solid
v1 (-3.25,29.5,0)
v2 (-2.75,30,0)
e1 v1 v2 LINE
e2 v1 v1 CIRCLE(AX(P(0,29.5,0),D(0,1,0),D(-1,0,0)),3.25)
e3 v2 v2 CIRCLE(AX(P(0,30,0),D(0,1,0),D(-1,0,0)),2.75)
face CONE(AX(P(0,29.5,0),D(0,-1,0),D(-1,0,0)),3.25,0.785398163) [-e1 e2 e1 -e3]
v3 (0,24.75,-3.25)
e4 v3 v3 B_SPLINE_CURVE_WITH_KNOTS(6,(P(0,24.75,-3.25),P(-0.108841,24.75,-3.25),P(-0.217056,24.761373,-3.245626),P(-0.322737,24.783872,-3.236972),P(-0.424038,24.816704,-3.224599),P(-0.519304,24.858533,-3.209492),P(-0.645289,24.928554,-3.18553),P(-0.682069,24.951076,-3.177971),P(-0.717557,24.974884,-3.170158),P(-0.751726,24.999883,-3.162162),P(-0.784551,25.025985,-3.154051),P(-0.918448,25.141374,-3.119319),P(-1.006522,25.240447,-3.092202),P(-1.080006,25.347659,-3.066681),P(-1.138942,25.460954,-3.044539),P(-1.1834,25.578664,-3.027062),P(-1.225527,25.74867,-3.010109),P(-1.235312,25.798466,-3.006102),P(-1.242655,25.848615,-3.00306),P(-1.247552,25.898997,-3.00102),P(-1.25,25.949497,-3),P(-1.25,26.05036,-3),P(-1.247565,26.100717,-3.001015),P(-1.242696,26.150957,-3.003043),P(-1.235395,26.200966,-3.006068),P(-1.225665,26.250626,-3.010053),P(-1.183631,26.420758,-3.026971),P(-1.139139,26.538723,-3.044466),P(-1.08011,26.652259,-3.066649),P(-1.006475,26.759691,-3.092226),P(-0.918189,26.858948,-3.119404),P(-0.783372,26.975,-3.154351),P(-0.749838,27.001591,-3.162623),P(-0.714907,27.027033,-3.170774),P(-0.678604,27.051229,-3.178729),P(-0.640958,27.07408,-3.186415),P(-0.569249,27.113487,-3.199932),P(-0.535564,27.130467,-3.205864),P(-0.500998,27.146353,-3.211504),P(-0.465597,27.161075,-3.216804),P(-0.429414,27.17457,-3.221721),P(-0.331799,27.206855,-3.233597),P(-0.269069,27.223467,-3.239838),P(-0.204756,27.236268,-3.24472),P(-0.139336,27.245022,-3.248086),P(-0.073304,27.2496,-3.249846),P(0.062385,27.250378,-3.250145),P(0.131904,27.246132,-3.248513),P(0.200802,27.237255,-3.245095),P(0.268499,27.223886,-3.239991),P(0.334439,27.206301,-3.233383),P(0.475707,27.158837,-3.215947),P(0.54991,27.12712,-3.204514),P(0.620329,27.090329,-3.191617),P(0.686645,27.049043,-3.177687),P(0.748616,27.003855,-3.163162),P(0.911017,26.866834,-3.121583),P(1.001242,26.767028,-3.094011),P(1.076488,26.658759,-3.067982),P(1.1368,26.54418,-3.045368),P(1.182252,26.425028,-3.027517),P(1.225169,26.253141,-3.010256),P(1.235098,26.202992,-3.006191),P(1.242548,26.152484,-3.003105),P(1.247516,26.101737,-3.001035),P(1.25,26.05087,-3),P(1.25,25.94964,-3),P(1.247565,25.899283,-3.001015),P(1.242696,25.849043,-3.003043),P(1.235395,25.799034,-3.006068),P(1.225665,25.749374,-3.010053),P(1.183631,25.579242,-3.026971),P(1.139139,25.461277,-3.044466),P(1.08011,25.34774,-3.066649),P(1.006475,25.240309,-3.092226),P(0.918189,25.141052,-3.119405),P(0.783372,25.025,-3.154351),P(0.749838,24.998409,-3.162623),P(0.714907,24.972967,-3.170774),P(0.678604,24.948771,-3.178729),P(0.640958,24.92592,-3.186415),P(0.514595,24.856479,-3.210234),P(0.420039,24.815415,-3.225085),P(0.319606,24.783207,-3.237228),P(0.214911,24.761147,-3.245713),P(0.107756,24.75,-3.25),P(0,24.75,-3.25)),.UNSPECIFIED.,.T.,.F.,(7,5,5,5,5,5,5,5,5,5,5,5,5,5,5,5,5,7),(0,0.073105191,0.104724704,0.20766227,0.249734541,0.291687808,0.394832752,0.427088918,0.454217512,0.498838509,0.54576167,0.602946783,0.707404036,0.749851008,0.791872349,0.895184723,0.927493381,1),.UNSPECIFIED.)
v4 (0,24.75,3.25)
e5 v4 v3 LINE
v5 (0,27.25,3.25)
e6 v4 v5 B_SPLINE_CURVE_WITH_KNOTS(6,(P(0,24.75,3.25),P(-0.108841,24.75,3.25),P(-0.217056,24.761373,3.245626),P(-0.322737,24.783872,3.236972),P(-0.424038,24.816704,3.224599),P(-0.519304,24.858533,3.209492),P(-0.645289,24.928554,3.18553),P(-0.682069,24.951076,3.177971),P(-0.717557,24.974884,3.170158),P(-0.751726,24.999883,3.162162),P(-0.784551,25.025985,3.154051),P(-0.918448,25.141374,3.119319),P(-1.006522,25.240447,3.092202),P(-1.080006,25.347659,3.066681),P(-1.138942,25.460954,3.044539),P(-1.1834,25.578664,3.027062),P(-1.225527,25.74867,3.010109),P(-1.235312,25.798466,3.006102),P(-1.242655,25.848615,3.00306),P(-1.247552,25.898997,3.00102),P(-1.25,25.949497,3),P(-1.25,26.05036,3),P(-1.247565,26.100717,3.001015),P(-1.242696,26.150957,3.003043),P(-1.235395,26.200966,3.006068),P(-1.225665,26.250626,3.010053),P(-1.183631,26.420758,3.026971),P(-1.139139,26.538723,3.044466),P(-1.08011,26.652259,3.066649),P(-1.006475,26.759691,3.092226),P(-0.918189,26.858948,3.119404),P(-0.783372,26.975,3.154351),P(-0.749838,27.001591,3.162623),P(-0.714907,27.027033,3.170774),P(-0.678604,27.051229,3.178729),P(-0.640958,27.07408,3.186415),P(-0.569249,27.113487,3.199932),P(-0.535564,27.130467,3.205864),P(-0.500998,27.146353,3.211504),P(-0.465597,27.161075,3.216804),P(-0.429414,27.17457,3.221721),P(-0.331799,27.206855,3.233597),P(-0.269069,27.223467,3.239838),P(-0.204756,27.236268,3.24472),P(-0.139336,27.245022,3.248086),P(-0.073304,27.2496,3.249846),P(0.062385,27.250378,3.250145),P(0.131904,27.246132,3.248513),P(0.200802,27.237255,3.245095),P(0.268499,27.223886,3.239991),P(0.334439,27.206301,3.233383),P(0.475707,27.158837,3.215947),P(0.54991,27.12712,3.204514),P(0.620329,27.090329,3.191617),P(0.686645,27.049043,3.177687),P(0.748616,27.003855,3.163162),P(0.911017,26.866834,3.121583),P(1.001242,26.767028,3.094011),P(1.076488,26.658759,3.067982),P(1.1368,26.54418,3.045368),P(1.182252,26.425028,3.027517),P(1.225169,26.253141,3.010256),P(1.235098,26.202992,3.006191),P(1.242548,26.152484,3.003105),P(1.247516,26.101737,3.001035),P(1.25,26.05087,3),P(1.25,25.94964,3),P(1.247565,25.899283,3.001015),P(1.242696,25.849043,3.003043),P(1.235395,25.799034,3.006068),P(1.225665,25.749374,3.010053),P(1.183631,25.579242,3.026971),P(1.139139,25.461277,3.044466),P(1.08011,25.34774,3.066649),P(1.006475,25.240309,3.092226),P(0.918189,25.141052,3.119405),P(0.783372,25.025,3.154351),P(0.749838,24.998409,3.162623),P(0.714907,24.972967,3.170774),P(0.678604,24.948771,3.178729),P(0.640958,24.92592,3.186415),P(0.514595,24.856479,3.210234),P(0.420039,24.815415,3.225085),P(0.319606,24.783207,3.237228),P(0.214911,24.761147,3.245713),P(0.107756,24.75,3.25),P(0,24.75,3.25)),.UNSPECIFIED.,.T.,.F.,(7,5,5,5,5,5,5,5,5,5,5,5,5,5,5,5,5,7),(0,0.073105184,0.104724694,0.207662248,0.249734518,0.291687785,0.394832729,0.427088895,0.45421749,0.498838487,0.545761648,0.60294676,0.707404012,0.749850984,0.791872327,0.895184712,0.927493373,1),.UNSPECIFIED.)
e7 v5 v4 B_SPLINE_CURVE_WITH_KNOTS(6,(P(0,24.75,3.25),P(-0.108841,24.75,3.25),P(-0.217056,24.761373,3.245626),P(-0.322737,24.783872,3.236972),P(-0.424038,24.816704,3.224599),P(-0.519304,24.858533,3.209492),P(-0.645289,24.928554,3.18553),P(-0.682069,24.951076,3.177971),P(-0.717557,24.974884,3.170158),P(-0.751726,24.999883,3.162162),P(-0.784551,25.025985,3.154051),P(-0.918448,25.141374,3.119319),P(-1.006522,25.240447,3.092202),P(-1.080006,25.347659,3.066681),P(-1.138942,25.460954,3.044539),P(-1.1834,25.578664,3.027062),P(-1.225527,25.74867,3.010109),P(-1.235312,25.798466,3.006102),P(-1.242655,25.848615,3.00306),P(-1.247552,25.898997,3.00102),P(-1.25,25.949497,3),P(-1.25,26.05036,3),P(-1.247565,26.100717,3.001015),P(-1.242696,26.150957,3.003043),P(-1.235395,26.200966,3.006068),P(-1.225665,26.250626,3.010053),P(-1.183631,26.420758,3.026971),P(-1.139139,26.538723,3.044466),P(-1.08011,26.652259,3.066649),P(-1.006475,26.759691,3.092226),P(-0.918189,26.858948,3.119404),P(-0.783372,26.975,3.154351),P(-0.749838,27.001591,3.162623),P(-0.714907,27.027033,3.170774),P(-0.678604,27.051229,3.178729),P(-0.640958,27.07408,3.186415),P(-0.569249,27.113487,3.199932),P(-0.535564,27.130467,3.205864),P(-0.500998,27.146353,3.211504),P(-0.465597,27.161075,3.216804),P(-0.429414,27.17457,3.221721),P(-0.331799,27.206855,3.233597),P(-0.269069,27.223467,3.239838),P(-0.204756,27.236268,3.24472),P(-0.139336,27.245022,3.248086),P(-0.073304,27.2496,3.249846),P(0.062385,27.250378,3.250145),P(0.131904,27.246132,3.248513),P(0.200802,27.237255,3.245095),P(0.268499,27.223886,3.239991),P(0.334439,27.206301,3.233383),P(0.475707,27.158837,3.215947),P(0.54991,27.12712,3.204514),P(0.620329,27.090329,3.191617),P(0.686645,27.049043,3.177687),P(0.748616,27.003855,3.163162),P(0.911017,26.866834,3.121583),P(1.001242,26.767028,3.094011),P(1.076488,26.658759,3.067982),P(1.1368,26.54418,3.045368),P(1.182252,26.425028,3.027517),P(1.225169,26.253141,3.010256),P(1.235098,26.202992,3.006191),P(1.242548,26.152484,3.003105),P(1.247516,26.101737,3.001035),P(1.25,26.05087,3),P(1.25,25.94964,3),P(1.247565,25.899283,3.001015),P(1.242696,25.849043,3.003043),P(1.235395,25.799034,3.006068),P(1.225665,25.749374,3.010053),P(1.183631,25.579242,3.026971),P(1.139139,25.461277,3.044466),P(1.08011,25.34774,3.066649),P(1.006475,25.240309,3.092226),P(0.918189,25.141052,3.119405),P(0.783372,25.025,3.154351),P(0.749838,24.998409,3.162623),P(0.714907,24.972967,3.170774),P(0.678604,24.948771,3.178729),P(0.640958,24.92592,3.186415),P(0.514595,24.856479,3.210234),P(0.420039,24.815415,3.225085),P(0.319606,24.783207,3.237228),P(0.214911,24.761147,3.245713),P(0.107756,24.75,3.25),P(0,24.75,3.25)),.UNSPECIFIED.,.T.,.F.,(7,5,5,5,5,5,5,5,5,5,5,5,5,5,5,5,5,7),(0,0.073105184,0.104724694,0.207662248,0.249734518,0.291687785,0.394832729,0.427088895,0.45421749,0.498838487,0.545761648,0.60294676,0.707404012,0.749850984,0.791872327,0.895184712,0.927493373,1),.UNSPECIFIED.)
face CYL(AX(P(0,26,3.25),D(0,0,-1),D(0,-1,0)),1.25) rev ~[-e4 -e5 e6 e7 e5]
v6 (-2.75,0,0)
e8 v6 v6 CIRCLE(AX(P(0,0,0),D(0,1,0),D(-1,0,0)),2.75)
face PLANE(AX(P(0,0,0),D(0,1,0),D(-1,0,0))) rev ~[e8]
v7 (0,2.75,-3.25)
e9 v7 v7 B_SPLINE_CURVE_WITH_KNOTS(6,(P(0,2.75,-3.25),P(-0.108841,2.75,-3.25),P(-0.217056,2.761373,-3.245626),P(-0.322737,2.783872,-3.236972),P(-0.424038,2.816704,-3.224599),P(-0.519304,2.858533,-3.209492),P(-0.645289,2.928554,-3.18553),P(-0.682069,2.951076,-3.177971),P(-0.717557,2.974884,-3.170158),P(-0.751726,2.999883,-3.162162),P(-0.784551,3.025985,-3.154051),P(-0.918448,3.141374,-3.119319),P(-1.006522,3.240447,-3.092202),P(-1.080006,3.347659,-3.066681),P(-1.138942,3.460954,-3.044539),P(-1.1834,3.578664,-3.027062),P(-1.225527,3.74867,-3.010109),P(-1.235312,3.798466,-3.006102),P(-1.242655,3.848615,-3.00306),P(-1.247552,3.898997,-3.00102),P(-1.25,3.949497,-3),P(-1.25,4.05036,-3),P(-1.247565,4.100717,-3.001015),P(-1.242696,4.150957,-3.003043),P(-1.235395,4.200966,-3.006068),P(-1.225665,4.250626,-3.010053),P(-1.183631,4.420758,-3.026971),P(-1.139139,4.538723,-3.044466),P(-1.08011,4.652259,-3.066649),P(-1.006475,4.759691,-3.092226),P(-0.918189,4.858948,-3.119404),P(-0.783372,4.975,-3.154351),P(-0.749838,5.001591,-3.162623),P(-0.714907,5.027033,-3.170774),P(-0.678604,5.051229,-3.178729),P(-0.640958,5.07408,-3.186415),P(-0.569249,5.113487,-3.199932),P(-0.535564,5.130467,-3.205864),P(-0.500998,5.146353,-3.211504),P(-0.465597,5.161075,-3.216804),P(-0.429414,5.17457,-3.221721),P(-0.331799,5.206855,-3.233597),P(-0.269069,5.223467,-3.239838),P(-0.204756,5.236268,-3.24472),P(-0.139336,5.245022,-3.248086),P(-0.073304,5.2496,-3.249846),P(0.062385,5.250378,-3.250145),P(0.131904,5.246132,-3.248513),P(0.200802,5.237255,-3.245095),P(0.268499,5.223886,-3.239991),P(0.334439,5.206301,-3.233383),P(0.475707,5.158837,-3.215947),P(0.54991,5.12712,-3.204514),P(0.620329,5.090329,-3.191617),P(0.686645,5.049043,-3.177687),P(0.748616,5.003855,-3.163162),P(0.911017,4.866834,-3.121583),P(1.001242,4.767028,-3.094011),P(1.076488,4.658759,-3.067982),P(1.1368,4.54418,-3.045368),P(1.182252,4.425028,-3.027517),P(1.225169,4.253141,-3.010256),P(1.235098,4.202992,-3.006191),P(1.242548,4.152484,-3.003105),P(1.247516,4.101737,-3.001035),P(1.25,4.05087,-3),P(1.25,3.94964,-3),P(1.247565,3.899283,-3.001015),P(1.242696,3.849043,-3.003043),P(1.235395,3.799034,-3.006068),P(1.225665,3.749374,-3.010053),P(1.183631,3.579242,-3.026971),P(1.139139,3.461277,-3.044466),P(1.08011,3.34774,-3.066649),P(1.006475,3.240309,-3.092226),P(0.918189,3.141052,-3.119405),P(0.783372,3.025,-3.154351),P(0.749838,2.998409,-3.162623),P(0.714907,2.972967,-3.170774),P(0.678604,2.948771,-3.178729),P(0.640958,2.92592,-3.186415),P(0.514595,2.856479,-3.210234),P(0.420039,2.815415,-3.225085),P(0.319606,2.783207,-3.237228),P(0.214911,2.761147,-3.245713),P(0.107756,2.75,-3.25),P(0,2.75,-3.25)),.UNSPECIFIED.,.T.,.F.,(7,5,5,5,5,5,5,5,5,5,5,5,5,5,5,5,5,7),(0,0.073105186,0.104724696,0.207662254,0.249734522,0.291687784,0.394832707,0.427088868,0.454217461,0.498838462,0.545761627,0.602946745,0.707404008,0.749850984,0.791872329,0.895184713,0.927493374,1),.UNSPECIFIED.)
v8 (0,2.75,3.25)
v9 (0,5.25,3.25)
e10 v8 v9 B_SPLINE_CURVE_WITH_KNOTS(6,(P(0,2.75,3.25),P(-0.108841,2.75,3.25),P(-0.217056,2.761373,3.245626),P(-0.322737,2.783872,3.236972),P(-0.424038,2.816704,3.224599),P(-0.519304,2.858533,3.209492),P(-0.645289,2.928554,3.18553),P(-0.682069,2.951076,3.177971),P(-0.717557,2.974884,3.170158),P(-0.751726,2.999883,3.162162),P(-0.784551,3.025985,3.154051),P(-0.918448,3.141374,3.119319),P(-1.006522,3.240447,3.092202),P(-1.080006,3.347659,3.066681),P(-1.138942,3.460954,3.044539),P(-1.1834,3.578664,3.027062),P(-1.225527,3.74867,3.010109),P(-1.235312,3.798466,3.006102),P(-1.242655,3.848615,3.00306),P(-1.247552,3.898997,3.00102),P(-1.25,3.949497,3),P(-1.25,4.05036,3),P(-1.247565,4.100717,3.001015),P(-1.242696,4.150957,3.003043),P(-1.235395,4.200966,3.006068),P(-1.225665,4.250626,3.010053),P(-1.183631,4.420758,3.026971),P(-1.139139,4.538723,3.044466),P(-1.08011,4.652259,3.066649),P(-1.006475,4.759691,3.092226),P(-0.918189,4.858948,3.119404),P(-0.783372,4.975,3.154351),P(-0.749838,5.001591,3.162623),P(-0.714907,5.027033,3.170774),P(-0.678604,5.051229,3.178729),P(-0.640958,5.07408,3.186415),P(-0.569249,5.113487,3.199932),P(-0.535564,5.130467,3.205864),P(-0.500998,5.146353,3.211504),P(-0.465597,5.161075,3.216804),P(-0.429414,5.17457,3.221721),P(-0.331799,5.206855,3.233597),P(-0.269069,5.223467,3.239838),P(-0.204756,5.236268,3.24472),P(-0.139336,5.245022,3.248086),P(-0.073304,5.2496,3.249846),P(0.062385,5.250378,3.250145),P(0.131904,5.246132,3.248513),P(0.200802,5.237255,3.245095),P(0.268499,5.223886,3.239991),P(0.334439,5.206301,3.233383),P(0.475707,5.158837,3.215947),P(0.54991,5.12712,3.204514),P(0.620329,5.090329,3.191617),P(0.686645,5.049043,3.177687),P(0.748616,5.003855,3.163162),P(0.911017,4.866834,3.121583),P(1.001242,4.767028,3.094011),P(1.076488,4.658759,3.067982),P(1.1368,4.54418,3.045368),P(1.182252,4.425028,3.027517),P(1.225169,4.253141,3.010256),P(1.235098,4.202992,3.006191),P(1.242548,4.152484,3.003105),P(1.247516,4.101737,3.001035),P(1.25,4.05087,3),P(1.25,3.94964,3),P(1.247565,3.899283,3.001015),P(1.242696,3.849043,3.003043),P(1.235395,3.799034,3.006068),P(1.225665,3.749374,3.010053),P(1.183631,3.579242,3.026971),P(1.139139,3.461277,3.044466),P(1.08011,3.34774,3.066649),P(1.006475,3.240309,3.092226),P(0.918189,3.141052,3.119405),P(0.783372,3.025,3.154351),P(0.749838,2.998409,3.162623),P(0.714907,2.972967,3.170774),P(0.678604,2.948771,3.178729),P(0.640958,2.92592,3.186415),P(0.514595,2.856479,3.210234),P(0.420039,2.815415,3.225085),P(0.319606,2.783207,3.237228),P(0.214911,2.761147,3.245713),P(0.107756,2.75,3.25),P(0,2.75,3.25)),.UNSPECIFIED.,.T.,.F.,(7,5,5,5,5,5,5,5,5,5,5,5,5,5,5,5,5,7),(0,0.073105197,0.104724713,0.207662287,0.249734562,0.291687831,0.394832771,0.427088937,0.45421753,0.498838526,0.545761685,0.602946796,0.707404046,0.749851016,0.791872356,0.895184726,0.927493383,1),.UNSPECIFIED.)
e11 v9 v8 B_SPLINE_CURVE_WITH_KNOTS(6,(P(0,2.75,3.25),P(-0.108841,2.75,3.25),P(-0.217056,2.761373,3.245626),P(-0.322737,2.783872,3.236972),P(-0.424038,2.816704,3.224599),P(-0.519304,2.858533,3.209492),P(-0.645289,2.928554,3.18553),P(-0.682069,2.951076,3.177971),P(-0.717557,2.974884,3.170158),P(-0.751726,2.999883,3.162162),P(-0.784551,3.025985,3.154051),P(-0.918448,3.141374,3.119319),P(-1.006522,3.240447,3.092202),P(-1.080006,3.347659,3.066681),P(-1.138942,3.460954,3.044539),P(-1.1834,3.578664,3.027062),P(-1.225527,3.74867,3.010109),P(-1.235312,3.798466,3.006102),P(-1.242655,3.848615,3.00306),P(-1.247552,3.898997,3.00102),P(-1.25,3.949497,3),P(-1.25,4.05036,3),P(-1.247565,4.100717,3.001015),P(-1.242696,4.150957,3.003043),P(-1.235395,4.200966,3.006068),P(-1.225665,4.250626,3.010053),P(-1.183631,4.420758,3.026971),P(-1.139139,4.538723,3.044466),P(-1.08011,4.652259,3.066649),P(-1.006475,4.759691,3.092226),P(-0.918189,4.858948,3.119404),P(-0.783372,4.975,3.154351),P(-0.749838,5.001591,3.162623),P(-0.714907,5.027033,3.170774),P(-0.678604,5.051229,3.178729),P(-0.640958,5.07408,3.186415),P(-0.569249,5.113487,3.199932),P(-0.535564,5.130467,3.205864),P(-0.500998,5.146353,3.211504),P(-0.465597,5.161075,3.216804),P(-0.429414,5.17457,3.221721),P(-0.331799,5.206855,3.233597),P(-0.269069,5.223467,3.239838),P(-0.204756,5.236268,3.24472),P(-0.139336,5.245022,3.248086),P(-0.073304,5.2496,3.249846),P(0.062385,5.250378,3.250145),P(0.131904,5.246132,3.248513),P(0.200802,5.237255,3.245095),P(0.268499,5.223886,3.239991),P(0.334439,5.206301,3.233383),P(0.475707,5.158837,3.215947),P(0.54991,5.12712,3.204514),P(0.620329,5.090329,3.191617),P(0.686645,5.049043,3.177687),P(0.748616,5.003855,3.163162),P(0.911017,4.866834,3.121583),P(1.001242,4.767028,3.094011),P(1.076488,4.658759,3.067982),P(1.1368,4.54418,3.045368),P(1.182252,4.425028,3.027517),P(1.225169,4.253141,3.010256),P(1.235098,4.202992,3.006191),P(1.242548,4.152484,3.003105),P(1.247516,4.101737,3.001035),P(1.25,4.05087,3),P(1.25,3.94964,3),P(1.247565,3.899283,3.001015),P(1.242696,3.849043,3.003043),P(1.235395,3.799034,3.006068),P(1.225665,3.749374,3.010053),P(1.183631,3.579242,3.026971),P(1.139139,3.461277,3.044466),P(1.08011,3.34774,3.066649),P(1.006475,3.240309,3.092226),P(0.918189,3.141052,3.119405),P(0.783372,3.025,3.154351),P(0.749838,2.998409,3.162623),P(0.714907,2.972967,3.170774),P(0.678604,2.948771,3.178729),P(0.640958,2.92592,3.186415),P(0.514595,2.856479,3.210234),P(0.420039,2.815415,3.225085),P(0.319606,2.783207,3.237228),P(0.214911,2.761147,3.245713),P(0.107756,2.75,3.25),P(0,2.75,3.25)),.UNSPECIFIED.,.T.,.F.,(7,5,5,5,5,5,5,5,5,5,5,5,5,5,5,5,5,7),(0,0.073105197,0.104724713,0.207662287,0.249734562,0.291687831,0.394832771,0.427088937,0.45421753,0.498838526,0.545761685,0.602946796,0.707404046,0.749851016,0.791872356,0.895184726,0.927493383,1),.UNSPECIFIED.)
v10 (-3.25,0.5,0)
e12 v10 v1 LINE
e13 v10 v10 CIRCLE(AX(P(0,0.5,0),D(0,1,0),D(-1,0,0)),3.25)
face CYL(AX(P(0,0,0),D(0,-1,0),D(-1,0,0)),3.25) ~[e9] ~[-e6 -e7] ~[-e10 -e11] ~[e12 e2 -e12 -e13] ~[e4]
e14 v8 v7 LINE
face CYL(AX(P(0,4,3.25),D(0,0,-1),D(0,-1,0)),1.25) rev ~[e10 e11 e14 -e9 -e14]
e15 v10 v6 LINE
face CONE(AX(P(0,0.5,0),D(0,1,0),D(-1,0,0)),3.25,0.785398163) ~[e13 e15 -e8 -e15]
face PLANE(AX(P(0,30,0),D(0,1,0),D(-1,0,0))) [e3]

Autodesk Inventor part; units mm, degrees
ref_plane "YZ Plane" through (0, 0, 0) normal (1, 0, 0) x (0, 1, 0)
ref_plane "XZ Plane" through (0, 0, 0) normal (0, 1, 0) x (-1, 0, 0)
sketch "Skizze1" plane through (0, 0, 0) normal (0, 1, 0) x (-1, 0, 0)
  circle A0 centre (0, 0) radius 3.25
  dimension "d0" = 6.5
extrude "Extrusion1" add sketch "Skizze1" along normal blind 30
chamfer "Fasen1" distance 0.5 angle 45 2 edges at (3.25, 30, 0) (3.25, 0, 0)
ref_plane "Arbeitsebene4" through (0, 0, 3.25) normal (0, 0, 1) x (1, 0, 0)
sketch "Skizze4" plane through (0, 0, 3.25) normal (0, 0, 1) x (1, 0, 0)
  line L0 (-2.75, 30) -> (2.75, 30) projected
  point P0 (0, 0)
  point P1 (0, 4)
  point P2 (0, 26)
  dimension "d25" = 4
  dimension "d26" = 4
hole "Bohrung3" at (0, 4, 3.25) at (0, 26, 3.25) direction (0, 0, -1) diameter 2.5 end through all
properties part number "BMS_bolts_left" material "Edelstahl"
